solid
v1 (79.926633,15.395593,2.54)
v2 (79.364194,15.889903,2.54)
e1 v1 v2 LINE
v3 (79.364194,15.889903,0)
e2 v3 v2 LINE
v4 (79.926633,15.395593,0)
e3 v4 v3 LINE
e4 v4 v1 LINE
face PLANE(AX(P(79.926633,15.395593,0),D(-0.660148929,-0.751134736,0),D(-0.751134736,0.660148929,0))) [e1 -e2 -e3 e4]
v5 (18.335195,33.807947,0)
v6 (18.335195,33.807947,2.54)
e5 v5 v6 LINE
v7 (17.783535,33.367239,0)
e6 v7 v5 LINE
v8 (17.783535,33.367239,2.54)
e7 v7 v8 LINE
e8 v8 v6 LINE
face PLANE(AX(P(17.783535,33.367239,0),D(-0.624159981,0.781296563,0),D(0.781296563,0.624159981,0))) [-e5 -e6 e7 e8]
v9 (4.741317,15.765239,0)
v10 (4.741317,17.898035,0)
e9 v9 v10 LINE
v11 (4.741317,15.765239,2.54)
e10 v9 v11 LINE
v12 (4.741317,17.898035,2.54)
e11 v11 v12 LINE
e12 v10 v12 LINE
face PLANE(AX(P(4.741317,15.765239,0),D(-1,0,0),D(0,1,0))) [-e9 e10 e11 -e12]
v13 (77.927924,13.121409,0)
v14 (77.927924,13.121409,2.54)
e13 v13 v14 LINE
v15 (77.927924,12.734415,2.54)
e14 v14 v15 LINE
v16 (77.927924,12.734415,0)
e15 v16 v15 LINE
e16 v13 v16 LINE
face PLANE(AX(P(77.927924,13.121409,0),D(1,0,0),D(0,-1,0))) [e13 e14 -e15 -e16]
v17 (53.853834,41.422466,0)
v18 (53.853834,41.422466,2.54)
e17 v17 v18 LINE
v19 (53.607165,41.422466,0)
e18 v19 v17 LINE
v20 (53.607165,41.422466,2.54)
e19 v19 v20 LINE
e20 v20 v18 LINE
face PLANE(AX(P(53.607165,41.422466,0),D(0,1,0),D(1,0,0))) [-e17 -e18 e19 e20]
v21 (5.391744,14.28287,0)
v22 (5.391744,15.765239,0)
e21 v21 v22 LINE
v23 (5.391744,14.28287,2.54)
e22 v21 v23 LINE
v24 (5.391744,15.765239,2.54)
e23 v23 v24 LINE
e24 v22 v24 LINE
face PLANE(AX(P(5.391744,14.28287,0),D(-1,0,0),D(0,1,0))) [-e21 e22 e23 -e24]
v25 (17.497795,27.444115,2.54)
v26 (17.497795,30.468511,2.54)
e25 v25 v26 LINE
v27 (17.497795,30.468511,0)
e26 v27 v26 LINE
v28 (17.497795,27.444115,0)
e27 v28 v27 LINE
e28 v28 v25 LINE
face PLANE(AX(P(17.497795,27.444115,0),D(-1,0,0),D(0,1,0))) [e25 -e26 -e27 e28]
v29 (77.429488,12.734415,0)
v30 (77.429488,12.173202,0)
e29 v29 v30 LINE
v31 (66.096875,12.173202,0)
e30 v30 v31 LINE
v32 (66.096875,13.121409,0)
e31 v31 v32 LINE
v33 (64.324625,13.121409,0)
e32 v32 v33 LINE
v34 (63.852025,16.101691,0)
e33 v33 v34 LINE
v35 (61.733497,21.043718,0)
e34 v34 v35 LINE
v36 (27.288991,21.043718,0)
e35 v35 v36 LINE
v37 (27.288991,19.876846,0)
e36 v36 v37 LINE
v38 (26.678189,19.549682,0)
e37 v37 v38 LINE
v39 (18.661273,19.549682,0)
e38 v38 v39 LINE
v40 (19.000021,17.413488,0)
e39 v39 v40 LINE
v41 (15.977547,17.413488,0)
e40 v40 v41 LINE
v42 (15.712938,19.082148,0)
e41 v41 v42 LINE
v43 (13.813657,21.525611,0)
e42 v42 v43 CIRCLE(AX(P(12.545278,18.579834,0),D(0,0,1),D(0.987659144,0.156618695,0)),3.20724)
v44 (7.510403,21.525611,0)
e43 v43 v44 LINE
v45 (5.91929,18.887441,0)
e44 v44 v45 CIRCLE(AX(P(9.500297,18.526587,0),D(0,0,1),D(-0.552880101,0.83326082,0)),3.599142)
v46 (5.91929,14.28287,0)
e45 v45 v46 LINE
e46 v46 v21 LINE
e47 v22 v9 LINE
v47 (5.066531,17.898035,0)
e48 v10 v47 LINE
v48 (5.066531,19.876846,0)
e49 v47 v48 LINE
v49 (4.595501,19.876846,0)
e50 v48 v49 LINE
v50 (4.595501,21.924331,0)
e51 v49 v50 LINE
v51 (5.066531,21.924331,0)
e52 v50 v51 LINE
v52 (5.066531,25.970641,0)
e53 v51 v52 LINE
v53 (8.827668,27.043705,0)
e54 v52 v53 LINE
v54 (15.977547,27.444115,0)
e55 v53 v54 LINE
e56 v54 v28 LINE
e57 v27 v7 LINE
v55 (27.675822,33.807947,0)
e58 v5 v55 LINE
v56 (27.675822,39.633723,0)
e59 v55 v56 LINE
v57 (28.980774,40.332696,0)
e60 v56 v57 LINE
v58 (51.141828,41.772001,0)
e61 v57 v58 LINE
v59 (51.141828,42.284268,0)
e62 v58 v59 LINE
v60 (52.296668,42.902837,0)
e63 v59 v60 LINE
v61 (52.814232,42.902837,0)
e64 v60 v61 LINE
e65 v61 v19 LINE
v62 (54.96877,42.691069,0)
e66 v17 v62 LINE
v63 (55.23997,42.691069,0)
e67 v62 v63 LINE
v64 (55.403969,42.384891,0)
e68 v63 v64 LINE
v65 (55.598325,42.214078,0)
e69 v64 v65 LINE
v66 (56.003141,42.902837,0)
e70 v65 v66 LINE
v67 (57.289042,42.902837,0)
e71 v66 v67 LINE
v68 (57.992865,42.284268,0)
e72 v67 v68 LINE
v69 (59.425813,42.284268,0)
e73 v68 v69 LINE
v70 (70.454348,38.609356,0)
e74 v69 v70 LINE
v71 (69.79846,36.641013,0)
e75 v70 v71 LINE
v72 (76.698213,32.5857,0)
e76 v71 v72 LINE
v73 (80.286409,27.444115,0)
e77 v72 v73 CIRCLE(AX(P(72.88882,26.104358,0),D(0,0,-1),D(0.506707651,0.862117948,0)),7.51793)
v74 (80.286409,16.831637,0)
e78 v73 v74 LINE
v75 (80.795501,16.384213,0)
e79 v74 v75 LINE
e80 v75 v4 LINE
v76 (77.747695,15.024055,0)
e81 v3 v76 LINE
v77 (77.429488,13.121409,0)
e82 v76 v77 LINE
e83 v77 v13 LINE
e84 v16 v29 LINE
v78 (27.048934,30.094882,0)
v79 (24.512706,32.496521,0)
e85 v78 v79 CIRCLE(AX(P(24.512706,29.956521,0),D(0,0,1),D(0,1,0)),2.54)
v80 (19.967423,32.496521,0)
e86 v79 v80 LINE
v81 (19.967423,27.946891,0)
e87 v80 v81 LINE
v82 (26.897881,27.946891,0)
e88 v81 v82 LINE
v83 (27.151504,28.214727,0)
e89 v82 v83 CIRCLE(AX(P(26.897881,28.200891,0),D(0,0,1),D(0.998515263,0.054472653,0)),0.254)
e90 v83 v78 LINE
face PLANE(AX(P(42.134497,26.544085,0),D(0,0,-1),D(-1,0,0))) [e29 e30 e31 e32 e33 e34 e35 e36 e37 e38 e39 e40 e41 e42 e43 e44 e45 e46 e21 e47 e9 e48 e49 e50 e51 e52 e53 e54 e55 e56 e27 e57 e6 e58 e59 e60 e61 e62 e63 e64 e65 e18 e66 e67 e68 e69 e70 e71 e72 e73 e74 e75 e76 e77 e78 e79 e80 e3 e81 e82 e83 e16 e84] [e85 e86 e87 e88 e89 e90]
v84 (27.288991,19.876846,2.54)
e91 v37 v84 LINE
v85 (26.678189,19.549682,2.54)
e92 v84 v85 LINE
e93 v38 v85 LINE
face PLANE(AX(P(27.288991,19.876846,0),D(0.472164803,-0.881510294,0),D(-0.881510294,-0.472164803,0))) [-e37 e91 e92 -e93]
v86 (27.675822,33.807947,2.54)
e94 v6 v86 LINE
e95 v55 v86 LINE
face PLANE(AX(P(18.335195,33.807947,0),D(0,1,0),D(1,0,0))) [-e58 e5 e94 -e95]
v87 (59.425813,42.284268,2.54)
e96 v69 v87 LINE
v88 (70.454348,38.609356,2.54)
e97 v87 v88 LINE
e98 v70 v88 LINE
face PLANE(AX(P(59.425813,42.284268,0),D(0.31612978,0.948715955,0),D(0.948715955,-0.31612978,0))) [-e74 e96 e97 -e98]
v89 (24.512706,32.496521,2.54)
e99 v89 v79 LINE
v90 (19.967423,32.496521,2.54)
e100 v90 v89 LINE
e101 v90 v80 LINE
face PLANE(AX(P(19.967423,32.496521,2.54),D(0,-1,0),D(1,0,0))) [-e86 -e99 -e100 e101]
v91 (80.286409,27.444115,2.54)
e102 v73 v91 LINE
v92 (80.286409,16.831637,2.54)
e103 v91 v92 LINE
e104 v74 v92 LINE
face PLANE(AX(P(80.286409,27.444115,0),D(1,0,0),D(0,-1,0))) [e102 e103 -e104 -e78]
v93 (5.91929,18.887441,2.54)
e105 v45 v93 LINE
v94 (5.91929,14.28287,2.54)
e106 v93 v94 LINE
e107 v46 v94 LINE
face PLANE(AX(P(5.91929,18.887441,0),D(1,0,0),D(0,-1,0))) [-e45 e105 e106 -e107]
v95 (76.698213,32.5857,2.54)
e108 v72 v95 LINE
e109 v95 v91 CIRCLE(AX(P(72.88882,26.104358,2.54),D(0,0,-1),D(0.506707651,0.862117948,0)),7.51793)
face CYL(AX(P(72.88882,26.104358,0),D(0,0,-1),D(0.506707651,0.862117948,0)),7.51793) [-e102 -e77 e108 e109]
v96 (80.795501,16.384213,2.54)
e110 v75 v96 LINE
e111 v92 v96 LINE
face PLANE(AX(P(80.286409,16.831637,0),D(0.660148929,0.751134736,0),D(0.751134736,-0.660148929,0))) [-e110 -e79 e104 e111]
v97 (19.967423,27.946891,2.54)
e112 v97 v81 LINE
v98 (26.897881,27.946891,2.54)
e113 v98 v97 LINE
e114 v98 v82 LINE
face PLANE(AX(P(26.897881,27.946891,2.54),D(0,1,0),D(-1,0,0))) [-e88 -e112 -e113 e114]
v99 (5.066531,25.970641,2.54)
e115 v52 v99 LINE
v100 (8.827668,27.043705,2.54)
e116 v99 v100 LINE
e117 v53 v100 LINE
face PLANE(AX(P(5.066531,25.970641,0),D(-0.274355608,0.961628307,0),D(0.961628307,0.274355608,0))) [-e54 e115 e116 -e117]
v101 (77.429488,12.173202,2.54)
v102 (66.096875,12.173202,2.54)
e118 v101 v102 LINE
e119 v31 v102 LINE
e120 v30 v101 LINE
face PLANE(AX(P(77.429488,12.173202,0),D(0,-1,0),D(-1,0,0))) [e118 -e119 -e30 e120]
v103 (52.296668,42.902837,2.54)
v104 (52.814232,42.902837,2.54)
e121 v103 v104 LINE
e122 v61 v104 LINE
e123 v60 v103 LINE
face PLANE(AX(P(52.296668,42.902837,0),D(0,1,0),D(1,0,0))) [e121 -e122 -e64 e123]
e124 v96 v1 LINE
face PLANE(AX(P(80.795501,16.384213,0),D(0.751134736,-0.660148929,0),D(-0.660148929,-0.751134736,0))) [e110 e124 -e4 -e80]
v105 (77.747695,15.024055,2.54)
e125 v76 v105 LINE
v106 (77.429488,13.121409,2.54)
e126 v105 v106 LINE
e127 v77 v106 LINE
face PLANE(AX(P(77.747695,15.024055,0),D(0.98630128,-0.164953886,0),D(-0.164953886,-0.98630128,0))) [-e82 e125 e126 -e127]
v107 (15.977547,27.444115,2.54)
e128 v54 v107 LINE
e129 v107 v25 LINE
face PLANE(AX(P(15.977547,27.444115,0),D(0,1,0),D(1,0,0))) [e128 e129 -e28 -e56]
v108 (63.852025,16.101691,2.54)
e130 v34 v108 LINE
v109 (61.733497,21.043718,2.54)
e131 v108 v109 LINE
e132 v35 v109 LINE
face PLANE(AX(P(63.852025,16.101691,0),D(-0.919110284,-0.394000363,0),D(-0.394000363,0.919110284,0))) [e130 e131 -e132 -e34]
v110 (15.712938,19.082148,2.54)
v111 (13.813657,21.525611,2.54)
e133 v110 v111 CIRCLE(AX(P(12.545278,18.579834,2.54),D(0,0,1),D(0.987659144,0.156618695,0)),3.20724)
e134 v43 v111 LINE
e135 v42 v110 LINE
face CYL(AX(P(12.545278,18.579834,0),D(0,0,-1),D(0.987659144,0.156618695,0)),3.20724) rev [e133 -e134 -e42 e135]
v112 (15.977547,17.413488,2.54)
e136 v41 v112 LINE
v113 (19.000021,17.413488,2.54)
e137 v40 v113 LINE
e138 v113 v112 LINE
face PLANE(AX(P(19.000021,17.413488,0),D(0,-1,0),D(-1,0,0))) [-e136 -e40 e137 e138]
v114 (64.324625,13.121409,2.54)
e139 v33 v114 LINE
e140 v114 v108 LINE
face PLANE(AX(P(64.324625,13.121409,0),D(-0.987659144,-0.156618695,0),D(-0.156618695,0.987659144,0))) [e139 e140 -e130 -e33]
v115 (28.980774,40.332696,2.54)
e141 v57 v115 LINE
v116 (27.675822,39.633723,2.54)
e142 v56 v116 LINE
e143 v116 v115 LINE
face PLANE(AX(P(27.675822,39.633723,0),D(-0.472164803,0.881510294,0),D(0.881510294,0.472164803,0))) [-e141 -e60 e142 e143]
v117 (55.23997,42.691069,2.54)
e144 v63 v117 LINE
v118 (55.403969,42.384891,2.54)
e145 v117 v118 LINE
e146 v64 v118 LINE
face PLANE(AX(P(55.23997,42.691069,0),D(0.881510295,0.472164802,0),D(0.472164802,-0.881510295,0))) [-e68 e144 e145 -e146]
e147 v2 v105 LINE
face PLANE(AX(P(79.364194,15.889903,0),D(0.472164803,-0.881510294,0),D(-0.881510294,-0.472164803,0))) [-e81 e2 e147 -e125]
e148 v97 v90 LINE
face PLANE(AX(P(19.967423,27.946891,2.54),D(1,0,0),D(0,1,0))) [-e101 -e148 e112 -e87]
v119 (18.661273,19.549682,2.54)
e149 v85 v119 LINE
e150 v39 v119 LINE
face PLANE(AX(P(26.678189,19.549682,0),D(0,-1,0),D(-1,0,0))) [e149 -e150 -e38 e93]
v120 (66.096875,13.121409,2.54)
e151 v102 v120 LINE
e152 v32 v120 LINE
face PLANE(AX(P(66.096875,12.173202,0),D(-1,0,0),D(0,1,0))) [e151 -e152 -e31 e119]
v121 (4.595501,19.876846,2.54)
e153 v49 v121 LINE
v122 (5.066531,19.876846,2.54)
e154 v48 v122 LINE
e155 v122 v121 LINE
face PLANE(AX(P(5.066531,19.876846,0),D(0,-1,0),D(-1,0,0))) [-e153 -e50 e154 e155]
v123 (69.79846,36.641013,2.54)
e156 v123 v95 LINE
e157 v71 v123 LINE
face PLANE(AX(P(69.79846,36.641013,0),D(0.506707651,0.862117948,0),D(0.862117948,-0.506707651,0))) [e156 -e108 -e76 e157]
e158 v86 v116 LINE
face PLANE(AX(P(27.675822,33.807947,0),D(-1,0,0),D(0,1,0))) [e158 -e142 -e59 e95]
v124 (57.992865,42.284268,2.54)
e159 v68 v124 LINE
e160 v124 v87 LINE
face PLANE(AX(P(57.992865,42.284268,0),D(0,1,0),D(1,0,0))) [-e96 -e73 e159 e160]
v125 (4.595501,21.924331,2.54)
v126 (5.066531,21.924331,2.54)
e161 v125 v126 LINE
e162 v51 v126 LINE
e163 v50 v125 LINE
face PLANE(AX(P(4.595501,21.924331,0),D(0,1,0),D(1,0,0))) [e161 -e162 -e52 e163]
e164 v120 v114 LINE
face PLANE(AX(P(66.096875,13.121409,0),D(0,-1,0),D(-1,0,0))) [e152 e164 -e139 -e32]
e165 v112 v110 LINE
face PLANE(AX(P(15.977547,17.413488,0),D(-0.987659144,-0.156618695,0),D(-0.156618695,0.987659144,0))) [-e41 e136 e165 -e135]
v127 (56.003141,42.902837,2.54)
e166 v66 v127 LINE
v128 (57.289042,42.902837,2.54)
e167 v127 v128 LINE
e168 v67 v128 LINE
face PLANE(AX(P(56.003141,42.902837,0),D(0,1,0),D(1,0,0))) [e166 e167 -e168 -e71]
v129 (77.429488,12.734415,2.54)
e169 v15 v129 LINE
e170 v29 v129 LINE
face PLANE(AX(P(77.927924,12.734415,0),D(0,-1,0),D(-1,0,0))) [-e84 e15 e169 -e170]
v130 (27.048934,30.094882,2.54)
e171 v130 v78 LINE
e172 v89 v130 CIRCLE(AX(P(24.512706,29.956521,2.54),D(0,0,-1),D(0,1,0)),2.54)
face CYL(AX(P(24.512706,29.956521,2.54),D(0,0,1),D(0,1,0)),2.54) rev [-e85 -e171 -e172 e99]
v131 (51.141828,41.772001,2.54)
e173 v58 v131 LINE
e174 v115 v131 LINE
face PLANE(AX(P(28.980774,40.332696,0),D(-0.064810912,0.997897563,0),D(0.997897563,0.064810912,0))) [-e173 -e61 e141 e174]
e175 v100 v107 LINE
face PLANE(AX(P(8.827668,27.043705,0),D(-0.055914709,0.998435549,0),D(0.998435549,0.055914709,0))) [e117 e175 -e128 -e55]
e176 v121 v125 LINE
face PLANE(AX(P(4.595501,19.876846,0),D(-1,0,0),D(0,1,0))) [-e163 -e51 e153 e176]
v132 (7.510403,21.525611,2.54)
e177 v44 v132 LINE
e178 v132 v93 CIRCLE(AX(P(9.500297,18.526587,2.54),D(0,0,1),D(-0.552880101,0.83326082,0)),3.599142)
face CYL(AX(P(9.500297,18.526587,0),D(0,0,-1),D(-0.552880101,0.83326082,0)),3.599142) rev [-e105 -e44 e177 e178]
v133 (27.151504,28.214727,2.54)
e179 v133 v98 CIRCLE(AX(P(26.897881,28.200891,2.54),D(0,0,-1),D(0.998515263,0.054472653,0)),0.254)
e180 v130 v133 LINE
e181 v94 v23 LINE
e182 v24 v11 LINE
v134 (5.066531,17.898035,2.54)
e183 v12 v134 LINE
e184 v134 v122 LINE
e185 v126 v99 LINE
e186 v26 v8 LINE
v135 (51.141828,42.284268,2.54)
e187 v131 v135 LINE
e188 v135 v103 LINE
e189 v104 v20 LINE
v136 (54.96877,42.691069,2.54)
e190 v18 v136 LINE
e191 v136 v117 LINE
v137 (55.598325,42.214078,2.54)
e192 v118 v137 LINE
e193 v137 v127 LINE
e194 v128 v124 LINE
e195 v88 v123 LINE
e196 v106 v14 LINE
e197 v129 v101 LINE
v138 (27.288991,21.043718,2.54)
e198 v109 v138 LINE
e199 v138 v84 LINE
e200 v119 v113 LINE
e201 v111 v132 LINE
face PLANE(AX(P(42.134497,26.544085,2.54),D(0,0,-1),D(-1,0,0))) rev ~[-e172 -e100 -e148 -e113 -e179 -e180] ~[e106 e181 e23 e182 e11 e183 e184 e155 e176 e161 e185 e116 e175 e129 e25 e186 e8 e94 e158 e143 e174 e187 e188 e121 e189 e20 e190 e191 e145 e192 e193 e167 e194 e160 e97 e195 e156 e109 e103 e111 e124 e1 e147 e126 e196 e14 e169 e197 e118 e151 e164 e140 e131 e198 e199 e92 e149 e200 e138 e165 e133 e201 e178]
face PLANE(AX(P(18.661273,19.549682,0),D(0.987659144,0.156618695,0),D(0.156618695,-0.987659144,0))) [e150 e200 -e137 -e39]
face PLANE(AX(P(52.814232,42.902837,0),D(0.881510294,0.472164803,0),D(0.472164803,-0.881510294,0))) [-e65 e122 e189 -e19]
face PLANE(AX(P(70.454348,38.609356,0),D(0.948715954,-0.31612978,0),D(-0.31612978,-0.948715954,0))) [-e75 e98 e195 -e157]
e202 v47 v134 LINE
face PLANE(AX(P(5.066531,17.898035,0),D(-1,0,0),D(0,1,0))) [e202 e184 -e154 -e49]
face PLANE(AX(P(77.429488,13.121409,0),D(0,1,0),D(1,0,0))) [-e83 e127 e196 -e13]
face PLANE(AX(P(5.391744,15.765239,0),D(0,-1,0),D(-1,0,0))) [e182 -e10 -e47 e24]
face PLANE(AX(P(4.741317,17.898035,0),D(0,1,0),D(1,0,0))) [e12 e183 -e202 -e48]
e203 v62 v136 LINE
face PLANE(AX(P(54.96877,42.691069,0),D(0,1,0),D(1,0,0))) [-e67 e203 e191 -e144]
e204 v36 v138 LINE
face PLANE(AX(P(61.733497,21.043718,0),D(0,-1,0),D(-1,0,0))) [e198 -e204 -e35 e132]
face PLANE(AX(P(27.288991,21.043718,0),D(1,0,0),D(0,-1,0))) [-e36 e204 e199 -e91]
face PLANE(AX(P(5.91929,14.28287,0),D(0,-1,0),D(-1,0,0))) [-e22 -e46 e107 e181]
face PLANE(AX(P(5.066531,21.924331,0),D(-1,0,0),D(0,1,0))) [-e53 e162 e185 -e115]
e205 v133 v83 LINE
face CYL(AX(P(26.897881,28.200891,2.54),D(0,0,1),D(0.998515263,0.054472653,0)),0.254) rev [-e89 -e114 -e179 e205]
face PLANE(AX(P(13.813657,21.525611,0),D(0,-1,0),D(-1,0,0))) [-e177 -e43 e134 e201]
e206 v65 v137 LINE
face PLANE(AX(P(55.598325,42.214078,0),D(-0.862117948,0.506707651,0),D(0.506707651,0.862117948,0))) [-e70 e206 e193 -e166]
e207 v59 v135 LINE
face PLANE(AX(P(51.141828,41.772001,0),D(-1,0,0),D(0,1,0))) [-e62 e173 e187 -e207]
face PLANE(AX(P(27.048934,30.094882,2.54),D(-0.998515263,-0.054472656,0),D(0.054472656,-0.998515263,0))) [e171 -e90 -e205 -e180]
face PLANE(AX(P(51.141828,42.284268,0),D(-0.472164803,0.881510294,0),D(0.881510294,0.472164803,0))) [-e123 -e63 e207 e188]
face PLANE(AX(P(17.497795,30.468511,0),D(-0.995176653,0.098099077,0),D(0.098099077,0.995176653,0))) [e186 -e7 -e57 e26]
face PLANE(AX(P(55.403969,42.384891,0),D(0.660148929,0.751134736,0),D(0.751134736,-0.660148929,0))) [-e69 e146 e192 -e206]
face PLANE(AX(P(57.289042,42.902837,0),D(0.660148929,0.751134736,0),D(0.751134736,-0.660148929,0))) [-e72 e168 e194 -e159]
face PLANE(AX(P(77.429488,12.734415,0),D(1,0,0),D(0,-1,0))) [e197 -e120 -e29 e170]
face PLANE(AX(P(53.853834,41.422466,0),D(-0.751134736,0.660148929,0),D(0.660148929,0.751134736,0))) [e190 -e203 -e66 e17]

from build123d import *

# Parameters (mm, degrees)
BOSS_EXTRUDE1_DEPTH     = 2.54
CUT_EXTRUDE1_DEPTH      = 1
CUT_EXTRUDE1_DEPTH_BACK = 3.54


with BuildPart() as part:
    # Sketch1 → Boss-Extrude1 (new body)
    with BuildSketch(Plane.XY):
        with BuildLine():
            Line((5.391744354, 14.282870357), (5.391744354, 15.765239208))
            Line((5.391744354, 15.765239208), (4.741317205, 15.765239208))
            Line((4.741317205, 15.765239208), (4.741317205, 17.898035208))
            Line((4.741317205, 17.898035208), (5.066530779, 17.898035208))
            Line((5.066530779, 17.898035208), (5.066530779, 19.876846363))
            Line((5.066530779, 19.876846363), (4.595500514, 19.876846363))
            Line((4.595500514, 19.876846363), (4.595500514, 21.924330523))
            Line((4.595500514, 21.924330523), (5.066530779, 21.924330523))
            Line((5.066530779, 21.924330523), (5.066530779, 25.970641097))
            Line((5.066530779, 25.970641097), (8.827667811, 27.043705429))
            Line((8.827667811, 27.043705429), (15.977546955, 27.444115261))
            Line((15.977546955, 27.444115261), (17.49779469, 27.444115261))
            Line((17.49779469, 27.444115261), (17.49779469, 28.820580801))
            Line((17.49779469, 28.820580801), (17.49779469, 30.468511328))
            Line((17.49779469, 30.468511328), (17.783535415, 33.367238893))
            Line((17.783535415, 33.367238893), (18.335195157, 33.807947262))
            Line((18.335195157, 33.807947262), (27.675822425, 33.807947262))
            Line((27.675822425, 33.807947262), (27.675822425, 37.185188617))
            Line((27.675822425, 37.185188617), (27.675822425, 39.633723234))
            Line((27.675822425, 39.633723234), (28.980773711, 40.33269643))
            Line((28.980773711, 40.33269643), (51.141827963, 41.772000615))
            Line((51.141827963, 41.772000615), (51.141827963, 42.284268418))
            Line((51.141827963, 42.284268418), (52.296667979, 42.902837268))
            Line((52.296667979, 42.902837268), (52.814231672, 42.902837268))
            Line((52.814231672, 42.902837268), (53.607165269, 41.42246617))
            Line((53.607165269, 41.42246617), (53.853833977, 41.42246617))
            Line((53.853833977, 41.42246617), (54.968769782, 42.69106932))
            Line((54.968769782, 42.69106932), (55.239970384, 42.69106932))
            Line((55.239970384, 42.69106932), (55.403969099, 42.384891149))
            Line((55.403969099, 42.384891149), (55.598324769, 42.214078003))
            Line((55.598324769, 42.214078003), (56.003141291, 42.902837268))
            Line((56.003141291, 42.902837268), (57.289041594, 42.902837268))
            Line((57.289041594, 42.902837268), (57.992865427, 42.284268418))
            Line((57.992865427, 42.284268418), (59.425813052, 42.284268418))
            Line((59.425813052, 42.284268418), (70.454348226, 38.609355629))
            Line((70.454348226, 38.609355629), (69.798459804, 36.641012721))
            Line((69.798459804, 36.641012721), (76.698212964, 32.585700195))
            ThreePointArc((76.698212964, 32.585700195), (79.05388987, 30.406820911), (80.286409178, 27.444115261))
            Line((80.286409178, 27.444115261), (80.286409178, 21.776774623))
            Line((80.286409178, 21.776774623), (80.286409178, 16.831637208))
            Line((80.286409178, 16.831637208), (80.795500514, 16.384212686))
            Line((80.795500514, 16.384212686), (79.926633106, 15.395592601))
            Line((79.926633106, 15.395592601), (79.364194198, 15.889902643))
            Line((79.364194198, 15.889902643), (77.747695473, 15.024054782))
            Line((77.747695473, 15.024054782), (77.42948761, 13.121408956))
            Line((77.42948761, 13.121408956), (77.927923916, 13.121408956))
            Line((77.927923916, 13.121408956), (77.927923916, 12.734414773))
            Line((77.927923916, 12.734414773), (77.42948761, 12.734414773))
            Line((77.42948761, 12.734414773), (77.42948761, 12.173202104))
            Line((77.42948761, 12.173202104), (66.096875424, 12.173202104))
            Line((66.096875424, 12.173202104), (66.096875424, 13.121408956))
            Line((66.096875424, 13.121408956), (64.324624891, 13.121408956))
            Line((64.324624891, 13.121408956), (63.852024749, 16.101690785))
            Line((63.852024749, 16.101690785), (61.733497308, 21.0437176))
            Line((61.733497308, 21.0437176), (27.288990511, 21.0437176))
            Line((27.288990511, 21.0437176), (27.288990511, 19.876846363))
            Line((27.288990511, 19.876846363), (26.678188815, 19.54968165))
            Line((26.678188815, 19.54968165), (18.661272623, 19.54968165))
            Line((18.661272623, 19.54968165), (19.000020898, 17.4134882))
            Line((19.000020898, 17.4134882), (15.977546955, 17.4134882))
            Line((15.977546955, 17.4134882), (15.7129382, 19.082147588))
            ThreePointArc((15.7129382, 19.082147588), (15.077518105, 20.548119931), (13.813657174, 21.525611186))
            Line((13.813657174, 21.525611186), (7.510402991, 21.525611186))
            ThreePointArc((7.510402991, 21.525611186), (6.418297754, 20.38537823), (5.919290284, 18.887440786))
            Line((5.919290284, 18.887440786), (5.919290284, 14.282870357))
            Line((5.919290284, 14.282870357), (5.391744354, 14.282870357))
        make_face()
    extrude(amount=BOSS_EXTRUDE1_DEPTH)

    # Sketch2 → Cut-Extrude1 (cut, two sides)
    with BuildSketch(Plane.XY.offset(2.54)) as cut_extrude1_sk:
        with BuildLine():
            Line((19.967423309, 32.496521322), (24.512705526, 32.496521322))
            ThreePointArc((24.512705526, 32.496521322), (26.259153953, 31.800841764), (27.048934293, 30.094881867))
            Line((27.048934293, 30.094881867), (27.151503603, 28.214727135))
            ThreePointArc((27.151503603, 28.214727135), (27.08231277, 28.026246238), (26.897880726, 27.946891081))
            Line((26.897880726, 27.946891081), (19.967423309, 27.946891081))
            Line((19.967423309, 27.946891081), (19.967423309, 32.496521322))
        make_face()
    extrude(amount=CUT_EXTRUDE1_DEPTH, mode=Mode.SUBTRACT)
    extrude(cut_extrude1_sk.sketch, amount=-CUT_EXTRUDE1_DEPTH_BACK, mode=Mode.SUBTRACT)


solid = part.part
